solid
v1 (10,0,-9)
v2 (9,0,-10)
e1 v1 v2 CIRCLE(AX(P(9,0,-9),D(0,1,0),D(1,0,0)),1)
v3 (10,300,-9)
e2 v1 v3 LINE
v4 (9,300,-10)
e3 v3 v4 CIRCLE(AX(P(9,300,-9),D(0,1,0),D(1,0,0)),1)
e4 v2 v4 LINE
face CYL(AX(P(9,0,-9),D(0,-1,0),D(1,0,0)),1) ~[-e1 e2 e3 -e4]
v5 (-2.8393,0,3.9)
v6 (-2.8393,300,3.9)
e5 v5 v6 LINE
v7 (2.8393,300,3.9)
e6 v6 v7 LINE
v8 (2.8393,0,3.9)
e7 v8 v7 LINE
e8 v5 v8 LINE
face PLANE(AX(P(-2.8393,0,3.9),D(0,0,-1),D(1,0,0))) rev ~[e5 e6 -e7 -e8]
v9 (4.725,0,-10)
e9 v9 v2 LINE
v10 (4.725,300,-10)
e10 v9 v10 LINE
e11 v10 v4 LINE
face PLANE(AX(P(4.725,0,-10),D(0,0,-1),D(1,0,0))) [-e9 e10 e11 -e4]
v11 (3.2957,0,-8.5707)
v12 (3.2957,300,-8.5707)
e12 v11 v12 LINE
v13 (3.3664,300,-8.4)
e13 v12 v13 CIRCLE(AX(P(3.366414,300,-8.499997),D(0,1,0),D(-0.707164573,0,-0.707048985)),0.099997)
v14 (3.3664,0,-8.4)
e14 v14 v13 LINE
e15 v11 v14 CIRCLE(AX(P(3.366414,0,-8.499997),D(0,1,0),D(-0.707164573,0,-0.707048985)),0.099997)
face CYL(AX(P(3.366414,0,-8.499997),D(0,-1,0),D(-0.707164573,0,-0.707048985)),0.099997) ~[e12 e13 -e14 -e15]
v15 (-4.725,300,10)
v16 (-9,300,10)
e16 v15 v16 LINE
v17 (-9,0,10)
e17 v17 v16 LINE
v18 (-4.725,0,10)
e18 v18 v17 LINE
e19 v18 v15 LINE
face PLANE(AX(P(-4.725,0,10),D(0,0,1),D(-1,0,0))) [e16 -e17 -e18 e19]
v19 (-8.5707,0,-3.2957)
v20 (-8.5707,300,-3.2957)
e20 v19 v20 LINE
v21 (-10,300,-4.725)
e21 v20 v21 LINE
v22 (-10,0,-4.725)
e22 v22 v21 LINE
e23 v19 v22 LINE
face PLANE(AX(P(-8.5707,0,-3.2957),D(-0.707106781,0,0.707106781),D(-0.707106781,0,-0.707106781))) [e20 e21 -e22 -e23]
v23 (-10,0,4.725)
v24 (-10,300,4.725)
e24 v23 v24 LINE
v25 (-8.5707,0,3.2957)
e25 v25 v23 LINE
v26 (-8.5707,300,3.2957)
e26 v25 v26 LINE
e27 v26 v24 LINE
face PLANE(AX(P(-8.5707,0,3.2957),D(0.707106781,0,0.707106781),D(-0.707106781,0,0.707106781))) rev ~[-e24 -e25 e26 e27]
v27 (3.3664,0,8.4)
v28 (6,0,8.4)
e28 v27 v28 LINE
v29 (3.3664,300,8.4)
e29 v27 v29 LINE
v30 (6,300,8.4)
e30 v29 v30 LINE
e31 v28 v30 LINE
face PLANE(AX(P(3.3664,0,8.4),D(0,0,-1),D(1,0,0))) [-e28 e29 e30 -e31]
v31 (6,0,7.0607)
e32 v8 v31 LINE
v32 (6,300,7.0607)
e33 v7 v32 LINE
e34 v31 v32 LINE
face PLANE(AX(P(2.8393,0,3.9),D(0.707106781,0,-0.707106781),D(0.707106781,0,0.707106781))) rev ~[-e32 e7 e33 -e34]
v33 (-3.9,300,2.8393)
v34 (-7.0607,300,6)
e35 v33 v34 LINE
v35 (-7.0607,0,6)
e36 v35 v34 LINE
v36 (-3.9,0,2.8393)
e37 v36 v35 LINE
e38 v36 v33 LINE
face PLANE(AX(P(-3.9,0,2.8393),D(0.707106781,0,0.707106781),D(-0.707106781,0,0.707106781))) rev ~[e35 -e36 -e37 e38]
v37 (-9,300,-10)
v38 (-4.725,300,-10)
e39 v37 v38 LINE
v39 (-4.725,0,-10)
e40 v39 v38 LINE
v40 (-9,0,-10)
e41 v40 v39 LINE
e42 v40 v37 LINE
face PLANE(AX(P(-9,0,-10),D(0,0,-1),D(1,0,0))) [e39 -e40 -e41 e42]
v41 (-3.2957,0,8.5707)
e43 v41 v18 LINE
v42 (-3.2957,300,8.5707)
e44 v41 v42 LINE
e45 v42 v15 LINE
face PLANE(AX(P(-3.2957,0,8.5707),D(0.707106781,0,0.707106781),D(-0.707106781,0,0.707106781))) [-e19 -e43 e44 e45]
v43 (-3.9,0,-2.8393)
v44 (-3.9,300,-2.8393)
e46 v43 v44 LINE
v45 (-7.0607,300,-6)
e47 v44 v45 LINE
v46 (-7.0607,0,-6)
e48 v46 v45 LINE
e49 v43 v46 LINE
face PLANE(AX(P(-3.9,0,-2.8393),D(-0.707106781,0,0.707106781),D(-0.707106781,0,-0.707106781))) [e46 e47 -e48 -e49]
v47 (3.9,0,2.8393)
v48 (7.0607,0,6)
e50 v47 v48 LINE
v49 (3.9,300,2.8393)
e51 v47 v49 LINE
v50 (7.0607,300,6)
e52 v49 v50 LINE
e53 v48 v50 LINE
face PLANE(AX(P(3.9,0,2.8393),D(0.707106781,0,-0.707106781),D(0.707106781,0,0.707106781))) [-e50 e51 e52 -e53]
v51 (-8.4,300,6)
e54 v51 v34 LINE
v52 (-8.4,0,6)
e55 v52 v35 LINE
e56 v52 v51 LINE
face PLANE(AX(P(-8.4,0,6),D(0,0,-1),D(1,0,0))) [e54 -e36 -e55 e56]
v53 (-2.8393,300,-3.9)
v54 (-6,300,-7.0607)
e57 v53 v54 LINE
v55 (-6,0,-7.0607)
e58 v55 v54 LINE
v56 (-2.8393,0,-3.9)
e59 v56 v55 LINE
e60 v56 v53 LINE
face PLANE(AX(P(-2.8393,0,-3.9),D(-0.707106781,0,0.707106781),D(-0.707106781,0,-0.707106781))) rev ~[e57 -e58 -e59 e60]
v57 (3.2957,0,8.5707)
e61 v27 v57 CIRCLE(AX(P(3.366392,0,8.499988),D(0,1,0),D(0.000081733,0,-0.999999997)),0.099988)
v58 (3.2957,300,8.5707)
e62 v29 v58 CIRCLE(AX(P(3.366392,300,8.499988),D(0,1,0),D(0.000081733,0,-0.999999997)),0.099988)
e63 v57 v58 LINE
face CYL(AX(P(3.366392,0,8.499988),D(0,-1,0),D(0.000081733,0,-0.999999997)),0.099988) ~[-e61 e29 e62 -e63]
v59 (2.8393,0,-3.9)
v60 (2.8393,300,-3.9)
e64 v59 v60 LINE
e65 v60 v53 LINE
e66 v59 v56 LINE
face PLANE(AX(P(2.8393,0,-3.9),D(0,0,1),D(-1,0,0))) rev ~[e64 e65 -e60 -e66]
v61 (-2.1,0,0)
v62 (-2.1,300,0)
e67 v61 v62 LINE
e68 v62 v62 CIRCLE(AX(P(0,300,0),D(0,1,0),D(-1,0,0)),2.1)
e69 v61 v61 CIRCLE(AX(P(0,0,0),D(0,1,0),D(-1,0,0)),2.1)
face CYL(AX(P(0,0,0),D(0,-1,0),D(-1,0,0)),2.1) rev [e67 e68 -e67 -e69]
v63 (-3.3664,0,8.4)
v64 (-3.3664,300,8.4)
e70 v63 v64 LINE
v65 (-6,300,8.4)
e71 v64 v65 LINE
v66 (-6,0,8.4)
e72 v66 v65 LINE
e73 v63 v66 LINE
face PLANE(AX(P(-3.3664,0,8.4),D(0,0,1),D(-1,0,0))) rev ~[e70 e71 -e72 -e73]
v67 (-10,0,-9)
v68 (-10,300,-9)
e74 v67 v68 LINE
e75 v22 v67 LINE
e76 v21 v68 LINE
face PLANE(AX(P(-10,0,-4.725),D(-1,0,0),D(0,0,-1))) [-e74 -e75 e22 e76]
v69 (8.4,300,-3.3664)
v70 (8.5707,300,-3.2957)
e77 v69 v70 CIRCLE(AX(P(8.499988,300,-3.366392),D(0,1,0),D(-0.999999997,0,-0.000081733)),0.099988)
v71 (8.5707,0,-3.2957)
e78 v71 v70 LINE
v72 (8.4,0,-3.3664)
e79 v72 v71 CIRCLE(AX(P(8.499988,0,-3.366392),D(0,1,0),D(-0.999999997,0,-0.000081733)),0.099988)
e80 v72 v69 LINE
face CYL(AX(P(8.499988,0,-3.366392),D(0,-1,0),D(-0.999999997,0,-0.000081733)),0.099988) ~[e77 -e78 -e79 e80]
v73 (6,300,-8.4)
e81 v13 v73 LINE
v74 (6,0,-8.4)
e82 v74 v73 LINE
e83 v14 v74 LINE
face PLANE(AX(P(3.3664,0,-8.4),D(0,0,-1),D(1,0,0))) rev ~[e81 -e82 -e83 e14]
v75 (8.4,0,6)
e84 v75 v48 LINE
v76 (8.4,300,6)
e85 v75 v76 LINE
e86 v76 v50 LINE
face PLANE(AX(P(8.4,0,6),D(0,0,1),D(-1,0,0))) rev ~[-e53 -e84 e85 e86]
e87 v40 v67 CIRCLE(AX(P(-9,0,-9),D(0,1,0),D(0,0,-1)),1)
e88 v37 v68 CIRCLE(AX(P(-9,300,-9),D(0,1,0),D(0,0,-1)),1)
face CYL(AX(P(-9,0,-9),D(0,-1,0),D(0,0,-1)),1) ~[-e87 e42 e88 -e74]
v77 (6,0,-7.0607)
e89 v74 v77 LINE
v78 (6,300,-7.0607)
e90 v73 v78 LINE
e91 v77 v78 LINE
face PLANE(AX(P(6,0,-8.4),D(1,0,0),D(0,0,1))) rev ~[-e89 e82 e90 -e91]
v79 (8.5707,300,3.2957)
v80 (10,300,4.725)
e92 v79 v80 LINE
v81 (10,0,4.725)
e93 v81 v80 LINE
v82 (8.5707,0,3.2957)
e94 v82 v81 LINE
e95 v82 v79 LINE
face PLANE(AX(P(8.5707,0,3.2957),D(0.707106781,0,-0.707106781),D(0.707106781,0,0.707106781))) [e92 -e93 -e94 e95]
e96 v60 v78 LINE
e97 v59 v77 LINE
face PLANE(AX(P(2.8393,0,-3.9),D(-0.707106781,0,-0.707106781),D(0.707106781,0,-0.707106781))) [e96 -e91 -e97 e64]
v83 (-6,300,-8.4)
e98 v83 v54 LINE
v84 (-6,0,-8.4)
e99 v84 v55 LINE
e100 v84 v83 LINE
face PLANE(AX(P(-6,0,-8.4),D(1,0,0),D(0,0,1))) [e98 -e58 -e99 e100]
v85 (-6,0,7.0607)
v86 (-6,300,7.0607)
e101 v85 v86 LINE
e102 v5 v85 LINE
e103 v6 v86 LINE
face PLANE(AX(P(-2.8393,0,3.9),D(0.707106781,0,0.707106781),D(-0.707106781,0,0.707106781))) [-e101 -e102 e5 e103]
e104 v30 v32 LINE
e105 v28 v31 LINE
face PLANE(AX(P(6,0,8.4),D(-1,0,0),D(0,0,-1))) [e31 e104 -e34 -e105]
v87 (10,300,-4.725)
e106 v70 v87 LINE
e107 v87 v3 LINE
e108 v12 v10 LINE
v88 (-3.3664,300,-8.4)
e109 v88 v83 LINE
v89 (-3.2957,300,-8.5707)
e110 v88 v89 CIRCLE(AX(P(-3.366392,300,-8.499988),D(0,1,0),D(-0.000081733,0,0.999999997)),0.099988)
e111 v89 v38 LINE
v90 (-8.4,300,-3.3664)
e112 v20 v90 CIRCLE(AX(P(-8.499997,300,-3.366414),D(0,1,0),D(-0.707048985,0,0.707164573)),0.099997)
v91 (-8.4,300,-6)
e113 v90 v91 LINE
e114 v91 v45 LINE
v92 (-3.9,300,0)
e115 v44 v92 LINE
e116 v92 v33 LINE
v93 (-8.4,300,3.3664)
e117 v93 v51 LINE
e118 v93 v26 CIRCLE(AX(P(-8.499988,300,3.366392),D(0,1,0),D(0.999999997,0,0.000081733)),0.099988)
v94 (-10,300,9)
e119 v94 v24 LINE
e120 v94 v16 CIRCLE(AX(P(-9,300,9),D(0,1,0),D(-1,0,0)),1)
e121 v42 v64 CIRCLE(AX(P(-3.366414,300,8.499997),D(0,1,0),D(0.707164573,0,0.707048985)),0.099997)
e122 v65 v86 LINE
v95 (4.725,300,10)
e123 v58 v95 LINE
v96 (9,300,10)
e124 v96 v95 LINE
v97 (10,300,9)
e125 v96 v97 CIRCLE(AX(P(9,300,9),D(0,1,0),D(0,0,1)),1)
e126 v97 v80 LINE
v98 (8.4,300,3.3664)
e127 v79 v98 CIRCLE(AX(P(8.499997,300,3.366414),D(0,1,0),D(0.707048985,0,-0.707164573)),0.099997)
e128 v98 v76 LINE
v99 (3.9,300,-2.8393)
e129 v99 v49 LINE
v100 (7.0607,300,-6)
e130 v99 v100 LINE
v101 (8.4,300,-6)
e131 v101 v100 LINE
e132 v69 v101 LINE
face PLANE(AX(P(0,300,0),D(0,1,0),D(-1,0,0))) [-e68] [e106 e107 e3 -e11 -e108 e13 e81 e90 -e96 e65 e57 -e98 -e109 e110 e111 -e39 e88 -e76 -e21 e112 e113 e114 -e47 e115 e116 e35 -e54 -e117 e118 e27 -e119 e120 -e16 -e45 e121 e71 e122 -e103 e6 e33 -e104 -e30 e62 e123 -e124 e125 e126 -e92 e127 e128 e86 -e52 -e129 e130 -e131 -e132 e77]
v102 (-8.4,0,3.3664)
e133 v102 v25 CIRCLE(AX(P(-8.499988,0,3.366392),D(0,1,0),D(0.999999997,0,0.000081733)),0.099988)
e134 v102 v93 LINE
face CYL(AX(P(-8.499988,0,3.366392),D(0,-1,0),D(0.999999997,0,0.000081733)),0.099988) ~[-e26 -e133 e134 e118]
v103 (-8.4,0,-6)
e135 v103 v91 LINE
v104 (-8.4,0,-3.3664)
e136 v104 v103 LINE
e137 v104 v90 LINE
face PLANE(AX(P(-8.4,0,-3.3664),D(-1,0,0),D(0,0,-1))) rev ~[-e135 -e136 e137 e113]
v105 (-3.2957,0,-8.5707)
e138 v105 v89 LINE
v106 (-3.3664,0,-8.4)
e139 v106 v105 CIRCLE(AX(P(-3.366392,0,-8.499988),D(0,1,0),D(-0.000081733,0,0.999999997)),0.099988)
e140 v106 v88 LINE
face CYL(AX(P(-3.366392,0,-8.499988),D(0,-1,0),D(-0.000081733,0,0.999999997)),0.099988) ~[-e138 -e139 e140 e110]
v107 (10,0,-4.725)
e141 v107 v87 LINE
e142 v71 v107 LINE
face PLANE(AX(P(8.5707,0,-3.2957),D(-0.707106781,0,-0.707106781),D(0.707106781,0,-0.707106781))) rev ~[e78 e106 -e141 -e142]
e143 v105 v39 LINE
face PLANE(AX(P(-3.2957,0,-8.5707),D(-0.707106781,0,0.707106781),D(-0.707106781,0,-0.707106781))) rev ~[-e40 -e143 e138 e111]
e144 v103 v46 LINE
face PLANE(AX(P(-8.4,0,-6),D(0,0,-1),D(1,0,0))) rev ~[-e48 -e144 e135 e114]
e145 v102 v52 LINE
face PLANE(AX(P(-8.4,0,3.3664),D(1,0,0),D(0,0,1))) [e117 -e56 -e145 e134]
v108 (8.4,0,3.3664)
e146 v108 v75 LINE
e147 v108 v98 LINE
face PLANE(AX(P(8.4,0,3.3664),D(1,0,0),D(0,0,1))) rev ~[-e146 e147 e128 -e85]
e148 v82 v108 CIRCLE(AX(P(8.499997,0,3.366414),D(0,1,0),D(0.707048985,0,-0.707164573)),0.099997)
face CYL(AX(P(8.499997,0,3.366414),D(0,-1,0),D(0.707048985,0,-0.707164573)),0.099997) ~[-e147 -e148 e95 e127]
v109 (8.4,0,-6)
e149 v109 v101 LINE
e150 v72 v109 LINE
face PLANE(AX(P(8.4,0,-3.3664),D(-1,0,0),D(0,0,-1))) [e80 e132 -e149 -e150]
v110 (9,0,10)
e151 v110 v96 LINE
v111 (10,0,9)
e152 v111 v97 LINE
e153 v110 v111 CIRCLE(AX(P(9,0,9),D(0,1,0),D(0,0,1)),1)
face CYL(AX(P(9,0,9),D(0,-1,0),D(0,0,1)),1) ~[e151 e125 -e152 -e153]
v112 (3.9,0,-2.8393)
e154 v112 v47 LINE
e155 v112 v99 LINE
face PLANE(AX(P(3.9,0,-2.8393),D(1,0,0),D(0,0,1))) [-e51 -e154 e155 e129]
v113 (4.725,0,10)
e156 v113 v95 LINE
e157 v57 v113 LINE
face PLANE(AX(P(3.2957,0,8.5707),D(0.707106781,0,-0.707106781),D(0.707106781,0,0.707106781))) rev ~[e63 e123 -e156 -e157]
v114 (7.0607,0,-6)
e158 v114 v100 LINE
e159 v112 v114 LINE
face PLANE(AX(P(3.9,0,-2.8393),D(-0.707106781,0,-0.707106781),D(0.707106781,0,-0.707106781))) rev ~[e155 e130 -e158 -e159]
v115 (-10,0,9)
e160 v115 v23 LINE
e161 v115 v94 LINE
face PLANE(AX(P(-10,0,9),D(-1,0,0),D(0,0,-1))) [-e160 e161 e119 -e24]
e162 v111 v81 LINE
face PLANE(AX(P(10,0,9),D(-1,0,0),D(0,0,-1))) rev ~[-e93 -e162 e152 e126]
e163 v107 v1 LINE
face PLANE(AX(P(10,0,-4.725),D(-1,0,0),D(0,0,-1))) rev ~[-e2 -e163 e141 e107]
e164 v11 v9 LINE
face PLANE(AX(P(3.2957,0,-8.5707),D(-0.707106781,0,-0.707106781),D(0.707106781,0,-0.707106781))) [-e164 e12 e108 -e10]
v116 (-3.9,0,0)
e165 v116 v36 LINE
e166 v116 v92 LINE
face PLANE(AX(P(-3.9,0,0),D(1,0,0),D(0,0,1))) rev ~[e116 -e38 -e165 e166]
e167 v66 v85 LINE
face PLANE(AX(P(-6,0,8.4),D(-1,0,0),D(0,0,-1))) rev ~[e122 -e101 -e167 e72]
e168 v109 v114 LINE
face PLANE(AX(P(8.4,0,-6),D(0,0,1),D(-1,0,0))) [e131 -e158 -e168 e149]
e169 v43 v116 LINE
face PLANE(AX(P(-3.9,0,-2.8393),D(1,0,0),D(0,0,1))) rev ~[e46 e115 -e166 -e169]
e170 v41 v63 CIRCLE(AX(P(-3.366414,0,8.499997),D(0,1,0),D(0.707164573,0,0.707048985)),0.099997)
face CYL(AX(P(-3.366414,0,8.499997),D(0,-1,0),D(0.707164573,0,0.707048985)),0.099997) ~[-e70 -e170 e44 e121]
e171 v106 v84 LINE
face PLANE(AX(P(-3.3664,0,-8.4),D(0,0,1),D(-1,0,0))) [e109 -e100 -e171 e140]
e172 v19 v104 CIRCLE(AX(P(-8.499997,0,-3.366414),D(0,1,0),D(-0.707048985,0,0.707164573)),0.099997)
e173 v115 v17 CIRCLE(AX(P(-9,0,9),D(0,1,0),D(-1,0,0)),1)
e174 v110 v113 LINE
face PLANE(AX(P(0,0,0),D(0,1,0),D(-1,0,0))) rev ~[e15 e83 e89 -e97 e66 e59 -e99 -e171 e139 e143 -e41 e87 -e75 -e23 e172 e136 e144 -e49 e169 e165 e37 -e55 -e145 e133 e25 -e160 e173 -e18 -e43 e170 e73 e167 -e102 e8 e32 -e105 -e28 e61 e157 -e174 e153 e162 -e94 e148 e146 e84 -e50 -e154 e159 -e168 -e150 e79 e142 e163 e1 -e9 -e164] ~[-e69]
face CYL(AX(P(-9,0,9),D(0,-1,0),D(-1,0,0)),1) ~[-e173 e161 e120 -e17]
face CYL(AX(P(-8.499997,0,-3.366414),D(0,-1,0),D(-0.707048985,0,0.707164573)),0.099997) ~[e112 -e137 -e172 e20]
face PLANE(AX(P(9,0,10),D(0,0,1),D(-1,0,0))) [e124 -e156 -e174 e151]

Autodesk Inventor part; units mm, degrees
ref_plane "YZ Plane" through (0, 0, 0) normal (1, 0, 0) x (0, 1, 0)
ref_plane "XZ Plane" through (0, 0, 0) normal (0, 1, 0) x (-1, 0, 0)
ref_plane "XY Plane" through (0, 0, 0) normal (0, 0, 1) x (1, 0, 0)
sketch "Sketch1" plane through (0, 0, 0) normal (0, 1, 0) x (-1, 0, 0)
  line L0 (3.9, -2.8393) -> (3.9, 2.8393)
  line L1 (2.8393, 3.9) -> (-2.8393, 3.9)
  line L2 (-2.8393, -3.9) -> (2.8393, -3.9)
  line L3 (8.5707, 3.2957) -> (10, 4.725)
  line L4 (8.5707, -3.2957) -> (10, -4.725)
  line L5 (8.4, 3.3664) -> (8.4, 6)
  line L6 (8.4, 6) -> (7.0607, 6)
  line L7 (10, 9) -> (10, 4.725)
  line L8 (10, -4.725) -> (10, -9)
  line L9 (3.9, 2.8393) -> (7.0607, 6)
  line L10 (3.2957, 8.5707) -> (4.725, 10)
  line L11 (3.3664, 8.4) -> (6, 8.4)
  line L12 (6, 8.4) -> (6, 7.0607)
  line L13 (2.8393, 3.9) -> (6, 7.0607)
  line L14 (3.9, 0) -> (8.4, 0)
  line L15 (8.4, -3.3664) -> (8.4, -6)
  line L16 (8.4, -6) -> (7.0607, -6)
  line L17 (3.9, -2.8393) -> (7.0607, -6)
  line L18 (3.2957, -8.5707) -> (4.725, -10)
  line L19 (3.3664, -8.4) -> (6, -8.4)
  line L20 (6, -8.4) -> (6, -7.0607)
  line L21 (2.8393, -3.9) -> (6, -7.0607)
  line L22 (-3.9, -2.8393) -> (-3.9, 2.8393)
  line L23 (-8.5707, 3.2957) -> (-10, 4.725)
  line L24 (-8.5707, -3.2957) -> (-10, -4.725)
  line L25 (-8.4, 3.3664) -> (-8.4, 6)
  line L26 (-8.4, 6) -> (-7.0607, 6)
  line L27 (-10, 9) -> (-10, 4.725)
  line L28 (-10, -4.725) -> (-10, -9)
  line L29 (-3.9, 2.8393) -> (-7.0607, 6)
  line L30 (-3.2957, 8.5707) -> (-4.725, 10)
  line L31 (-3.3664, 8.4) -> (-6, 8.4)
  line L32 (-6, 8.4) -> (-6, 7.0607)
  line L33 (-2.8393, 3.9) -> (-6, 7.0607)
  line L34 (-3.9, -2.8393) -> (-7.0607, -6)
  line L35 (-8.4, -6) -> (-7.0607, -6)
  line L36 (-8.4, -3.3664) -> (-8.4, -6)
  line L37 (-2.8393, -3.9) -> (-6, -7.0607)
  line L38 (-6, -8.4) -> (-6, -7.0607)
  line L39 (-3.3664, -8.4) -> (-6, -8.4)
  line L40 (-3.2957, -8.5707) -> (-4.725, -10)
  line L41 (-9, 10) -> (-4.725, 10)
  line L42 (4.725, 10) -> (9, 10)
  line L43 (9, -10) -> (4.725, -10)
  line L44 (-4.725, -10) -> (-9, -10)
  circle A0 centre (0, 0) radius 2.1
  arc A1 (10, 9) -> (9, 10) centre (9, 9) ccw
  arc A2 (9, -10) -> (10, -9) centre (9, -9) ccw
  arc A3 (-10, -9) -> (-9, -10) centre (-9, -9) ccw
  arc A4 (-9, 10) -> (-10, 9) centre (-9, 9) ccw
  arc A5 (8.4, 3.3664) -> (8.5707, 3.2957) centre (8.5, 3.3664) ccw
  arc A6 (3.2957, 8.5707) -> (3.3664, 8.4) centre (3.3664, 8.5) ccw
  arc A7 (8.5707, -3.2957) -> (8.4, -3.3664) centre (8.5, -3.3664) ccw
  arc A8 (3.3664, -8.4) -> (3.2957, -8.5707) centre (3.3664, -8.5) ccw
  arc A9 (-3.2957, -8.5707) -> (-3.3664, -8.4) centre (-3.3664, -8.5) ccw
  arc A10 (-8.4, -3.3664) -> (-8.5707, -3.2957) centre (-8.5, -3.3664) ccw
  arc A11 (-8.5707, 3.2957) -> (-8.4, 3.3664) centre (-8.5, 3.3664) ccw
  arc A12 (-3.3664, 8.4) -> (-3.2957, 8.5707) centre (-3.3664, 8.5) ccw
  dimension "d11" = 1
extrude "Extrusion1" add sketch "Sketch1" along normal blind 300
properties part number "VSLOT20x20x300"
